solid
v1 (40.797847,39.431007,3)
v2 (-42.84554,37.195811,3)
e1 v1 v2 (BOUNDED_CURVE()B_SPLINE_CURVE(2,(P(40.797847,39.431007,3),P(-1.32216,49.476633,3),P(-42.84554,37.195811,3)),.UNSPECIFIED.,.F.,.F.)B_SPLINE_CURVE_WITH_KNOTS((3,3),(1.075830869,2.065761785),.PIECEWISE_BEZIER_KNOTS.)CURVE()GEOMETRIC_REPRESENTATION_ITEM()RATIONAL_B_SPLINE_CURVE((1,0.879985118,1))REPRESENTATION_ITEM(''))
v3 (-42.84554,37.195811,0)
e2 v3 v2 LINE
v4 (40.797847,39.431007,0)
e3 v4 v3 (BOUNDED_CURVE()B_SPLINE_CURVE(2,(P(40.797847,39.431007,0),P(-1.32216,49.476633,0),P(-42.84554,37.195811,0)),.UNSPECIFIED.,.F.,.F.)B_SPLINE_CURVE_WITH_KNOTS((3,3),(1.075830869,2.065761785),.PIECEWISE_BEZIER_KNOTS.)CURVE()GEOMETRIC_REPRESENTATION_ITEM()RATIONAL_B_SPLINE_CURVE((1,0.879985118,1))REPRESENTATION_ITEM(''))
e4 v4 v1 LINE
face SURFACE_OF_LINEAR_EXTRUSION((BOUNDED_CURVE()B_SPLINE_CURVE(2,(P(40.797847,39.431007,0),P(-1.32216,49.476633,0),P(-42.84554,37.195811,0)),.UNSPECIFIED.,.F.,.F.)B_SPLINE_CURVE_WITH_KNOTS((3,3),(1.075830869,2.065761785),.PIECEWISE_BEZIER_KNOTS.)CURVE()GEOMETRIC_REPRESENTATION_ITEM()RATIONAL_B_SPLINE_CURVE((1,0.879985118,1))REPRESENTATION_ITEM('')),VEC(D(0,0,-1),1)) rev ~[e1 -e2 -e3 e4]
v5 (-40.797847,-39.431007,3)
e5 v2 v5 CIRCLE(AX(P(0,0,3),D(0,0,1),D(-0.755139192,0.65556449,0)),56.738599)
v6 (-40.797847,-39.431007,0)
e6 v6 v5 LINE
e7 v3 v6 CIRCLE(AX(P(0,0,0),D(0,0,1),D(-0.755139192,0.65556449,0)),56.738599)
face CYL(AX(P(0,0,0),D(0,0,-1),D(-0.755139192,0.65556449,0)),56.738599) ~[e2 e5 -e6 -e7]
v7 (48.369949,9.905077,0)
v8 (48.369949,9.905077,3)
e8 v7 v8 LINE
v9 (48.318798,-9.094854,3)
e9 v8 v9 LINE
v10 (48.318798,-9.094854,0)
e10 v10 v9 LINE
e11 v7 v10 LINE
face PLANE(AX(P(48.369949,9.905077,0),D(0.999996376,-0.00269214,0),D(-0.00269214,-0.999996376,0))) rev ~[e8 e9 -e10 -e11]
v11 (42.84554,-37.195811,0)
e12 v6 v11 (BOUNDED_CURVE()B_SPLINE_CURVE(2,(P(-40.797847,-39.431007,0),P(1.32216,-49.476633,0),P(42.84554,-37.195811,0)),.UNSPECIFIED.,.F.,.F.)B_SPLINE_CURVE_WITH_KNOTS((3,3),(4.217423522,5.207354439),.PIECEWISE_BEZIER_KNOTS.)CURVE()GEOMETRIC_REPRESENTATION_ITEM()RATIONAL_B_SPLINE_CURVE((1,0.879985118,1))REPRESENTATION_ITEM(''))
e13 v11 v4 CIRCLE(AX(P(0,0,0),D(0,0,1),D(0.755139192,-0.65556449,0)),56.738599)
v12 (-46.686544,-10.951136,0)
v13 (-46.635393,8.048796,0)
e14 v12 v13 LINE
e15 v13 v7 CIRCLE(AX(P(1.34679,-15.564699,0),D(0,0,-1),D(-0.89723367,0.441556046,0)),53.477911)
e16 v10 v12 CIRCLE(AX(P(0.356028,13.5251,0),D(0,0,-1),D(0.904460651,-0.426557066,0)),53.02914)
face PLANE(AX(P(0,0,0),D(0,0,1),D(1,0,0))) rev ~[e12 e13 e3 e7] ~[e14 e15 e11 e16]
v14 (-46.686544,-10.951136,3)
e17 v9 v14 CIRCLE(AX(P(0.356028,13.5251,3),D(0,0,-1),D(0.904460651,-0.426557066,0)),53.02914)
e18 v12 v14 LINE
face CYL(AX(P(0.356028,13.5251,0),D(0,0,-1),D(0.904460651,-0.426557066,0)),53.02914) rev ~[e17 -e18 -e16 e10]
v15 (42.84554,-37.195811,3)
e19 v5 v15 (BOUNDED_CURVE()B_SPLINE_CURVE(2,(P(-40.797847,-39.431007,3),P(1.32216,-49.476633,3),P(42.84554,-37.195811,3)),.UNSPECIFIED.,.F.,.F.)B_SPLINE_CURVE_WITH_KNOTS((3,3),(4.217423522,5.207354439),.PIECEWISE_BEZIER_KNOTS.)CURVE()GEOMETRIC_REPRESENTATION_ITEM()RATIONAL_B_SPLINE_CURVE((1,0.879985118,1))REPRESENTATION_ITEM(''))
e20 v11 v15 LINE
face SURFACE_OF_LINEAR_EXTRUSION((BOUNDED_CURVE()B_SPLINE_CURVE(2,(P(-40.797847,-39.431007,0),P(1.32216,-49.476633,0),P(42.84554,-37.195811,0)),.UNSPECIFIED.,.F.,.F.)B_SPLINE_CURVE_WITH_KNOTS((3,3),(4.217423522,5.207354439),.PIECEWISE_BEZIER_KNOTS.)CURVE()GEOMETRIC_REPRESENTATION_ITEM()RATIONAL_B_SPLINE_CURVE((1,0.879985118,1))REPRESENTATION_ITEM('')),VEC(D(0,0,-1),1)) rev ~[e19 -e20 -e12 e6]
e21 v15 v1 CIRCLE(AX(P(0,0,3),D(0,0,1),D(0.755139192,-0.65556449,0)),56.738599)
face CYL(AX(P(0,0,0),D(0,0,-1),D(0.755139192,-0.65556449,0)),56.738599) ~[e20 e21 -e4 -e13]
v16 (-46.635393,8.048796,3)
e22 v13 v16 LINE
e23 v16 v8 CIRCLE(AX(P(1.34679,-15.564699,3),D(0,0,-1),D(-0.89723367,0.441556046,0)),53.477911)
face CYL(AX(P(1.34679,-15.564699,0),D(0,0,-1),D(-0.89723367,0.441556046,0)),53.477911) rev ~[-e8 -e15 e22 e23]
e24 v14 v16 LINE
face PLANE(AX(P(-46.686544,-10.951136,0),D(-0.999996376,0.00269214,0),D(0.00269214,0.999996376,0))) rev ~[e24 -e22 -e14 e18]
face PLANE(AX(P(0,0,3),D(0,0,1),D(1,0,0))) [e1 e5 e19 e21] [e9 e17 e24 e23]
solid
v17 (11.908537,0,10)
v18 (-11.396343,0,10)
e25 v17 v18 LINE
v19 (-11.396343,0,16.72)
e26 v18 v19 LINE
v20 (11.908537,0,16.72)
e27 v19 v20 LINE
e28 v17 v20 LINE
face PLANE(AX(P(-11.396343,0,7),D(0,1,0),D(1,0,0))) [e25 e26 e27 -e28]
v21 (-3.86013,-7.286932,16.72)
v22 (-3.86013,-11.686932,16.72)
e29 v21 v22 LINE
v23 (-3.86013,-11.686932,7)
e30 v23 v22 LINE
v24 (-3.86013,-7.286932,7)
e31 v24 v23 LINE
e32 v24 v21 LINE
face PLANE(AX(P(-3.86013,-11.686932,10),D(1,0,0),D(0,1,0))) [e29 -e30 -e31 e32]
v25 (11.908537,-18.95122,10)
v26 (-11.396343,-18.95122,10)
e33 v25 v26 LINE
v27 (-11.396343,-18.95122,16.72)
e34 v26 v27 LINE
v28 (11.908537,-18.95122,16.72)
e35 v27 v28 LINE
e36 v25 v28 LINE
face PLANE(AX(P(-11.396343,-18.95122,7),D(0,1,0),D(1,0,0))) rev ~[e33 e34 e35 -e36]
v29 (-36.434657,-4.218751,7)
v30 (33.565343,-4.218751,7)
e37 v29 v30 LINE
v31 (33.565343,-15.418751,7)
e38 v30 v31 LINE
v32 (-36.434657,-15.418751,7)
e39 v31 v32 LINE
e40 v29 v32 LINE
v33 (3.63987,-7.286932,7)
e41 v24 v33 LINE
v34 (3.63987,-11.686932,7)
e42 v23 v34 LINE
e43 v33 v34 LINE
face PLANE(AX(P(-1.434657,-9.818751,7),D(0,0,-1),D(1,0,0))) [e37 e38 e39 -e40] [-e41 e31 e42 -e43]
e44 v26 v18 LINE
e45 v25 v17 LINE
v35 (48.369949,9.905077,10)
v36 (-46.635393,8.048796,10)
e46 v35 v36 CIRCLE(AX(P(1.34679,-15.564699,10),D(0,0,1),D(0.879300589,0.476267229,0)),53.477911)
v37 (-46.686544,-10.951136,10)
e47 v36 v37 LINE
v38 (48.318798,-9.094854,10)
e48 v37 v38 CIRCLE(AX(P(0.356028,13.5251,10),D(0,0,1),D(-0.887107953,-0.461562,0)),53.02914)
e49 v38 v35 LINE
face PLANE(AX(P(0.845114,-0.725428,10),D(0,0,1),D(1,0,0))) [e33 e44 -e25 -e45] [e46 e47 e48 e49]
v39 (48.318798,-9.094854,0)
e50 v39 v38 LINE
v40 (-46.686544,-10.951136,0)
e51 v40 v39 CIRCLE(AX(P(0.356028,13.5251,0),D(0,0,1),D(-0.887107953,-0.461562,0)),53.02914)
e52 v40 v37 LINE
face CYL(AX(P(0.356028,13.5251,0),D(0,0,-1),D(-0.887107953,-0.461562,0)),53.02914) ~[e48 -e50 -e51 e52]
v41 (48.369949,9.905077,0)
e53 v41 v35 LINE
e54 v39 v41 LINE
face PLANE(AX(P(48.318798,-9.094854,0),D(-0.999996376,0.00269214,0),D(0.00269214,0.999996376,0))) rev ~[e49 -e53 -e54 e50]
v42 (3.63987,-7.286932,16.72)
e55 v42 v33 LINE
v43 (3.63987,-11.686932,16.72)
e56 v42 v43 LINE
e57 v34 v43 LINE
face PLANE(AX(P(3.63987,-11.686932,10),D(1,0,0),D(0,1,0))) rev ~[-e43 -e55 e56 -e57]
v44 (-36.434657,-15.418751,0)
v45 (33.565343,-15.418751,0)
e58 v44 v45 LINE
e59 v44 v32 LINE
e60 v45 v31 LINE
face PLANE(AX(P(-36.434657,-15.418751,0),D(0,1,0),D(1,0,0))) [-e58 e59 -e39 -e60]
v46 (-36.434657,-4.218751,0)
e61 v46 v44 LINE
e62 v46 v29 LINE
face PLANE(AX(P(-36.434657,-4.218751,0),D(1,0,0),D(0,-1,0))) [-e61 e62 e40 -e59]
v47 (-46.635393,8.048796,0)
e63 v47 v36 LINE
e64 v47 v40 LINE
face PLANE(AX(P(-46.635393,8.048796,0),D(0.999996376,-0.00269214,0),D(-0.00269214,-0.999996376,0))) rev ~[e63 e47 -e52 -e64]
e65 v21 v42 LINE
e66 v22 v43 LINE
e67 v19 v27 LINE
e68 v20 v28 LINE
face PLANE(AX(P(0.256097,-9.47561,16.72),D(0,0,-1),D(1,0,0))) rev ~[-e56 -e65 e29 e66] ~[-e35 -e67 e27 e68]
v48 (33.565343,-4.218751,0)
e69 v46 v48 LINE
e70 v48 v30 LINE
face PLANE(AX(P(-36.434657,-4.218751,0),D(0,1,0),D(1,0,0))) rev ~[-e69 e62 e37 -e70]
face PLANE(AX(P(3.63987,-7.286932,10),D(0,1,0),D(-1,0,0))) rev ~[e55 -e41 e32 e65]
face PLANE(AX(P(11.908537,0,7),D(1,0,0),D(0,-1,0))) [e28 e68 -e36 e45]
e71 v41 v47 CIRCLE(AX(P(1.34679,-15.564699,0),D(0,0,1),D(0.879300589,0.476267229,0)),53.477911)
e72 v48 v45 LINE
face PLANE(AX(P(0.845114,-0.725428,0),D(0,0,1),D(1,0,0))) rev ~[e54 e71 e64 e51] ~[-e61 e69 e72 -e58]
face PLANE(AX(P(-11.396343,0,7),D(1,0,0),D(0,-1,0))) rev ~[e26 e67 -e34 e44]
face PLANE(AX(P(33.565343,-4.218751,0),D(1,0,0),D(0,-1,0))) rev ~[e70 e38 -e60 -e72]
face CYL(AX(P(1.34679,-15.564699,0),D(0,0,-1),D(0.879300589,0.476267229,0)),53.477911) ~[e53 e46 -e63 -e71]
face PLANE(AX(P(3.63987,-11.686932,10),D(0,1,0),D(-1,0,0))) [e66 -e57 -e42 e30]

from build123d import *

# Parameters (mm, degrees)
F1_DEPTH = 10
F2_DEPTH = 3
F3_W     = 70
F3_H     = 11.2
F4_DEPTH = 7
F5_W     = 23.3048796654
F5_H     = 18.9512204379
F5_W_2   = 7.5
F5_H_2   = 4.4
F6_DEPTH = 9.72
F7_DEPTH = 25


with BuildPart() as f1:
    # F0 (on Top) → F1 (new body)
    with BuildSketch(Plane.XY):
        with BuildLine():
            ThreePointArc((48.3699485287, 9.9050772031), (0.3020996759, 37.90300692), (-46.6353931233, 8.0487956344))
            Line((-46.6353931233, 8.0487956344), (-46.686543786, -10.9511355131))
            ThreePointArc((-46.686543786, -10.9511355131), (1.3919508256, -39.4939200459), (48.318797866, -9.0948539444))
            Line((48.318797866, -9.0948539444), (48.3699485287, 9.9050772031))
        make_face()
    extrude(amount=F1_DEPTH)

    # F3 (on face) → F4 (cut)
    with BuildSketch(Plane(origin=(0, 0, 0), x_dir=(1, 0, 0), z_dir=(0, 0, -1))):
        with Locations((-1.4346569404, 9.8187506333)):
            Rectangle(F3_W, F3_H)
    extrude(amount=-F4_DEPTH, mode=Mode.SUBTRACT)

    # F5 (on face) → F6 (join)
    with BuildSketch(Plane(origin=(0, 0, 7), x_dir=(1, 0, 0), z_dir=(0, 0, -1))):
        with Locations((0.2560969442, 9.4756102189)):
            Rectangle(F5_W, F5_H)
        with Locations((-0.1101304754, 9.4869323194)):
            Rectangle(F5_W_2, F5_H_2, mode=Mode.SUBTRACT)
    extrude(amount=-F6_DEPTH)

    # F7 (cut): a face of the model
    f7_faces = [f1.faces().sort_by_distance(p)[0] for p in [
        (-0.1101304754, -9.4869323194, 10),
    ]]
    extrude(f7_faces, amount=-F7_DEPTH, mode=Mode.SUBTRACT)


with BuildPart() as f2:
    # F0 (on Top) → F2 (new body)
    with BuildSketch(Plane.XY):
        with BuildLine():
            ThreePointArc((-42.845539618, 37.1958105908), (-56.7183506808, -1.5156802814), (-40.7978468614, -39.4310066082))
            add(Edge.make_bspline(
                [(-40.7978468614, -39.4310066082), (1.3221603939, -49.4766328995), (42.845539618, -37.1958105908)],
                knots=[4.2174235222, 4.2174235222, 4.2174235222, 5.2073544386, 5.2073544386, 5.2073544386], degree=2, weights=[1, 0.8799851178, 1]))
            ThreePointArc((42.845539618, -37.1958105908), (56.7183506808, 1.5156802814), (40.7978468614, 39.4310066082))
            add(Edge.make_bspline(
                [(40.7978468614, 39.4310066082), (-1.3221603939, 49.4766328995), (-42.845539618, 37.1958105908)],
                knots=[1.0758308686, 1.0758308686, 1.0758308686, 2.065761785, 2.065761785, 2.065761785], degree=2, weights=[1, 0.8799851178, 1]))
        make_face()
        with BuildLine():
            Line((-46.686543786, -10.9511355131), (-46.6353931233, 8.0487956344))
            ThreePointArc((-46.6353931233, 8.0487956344), (0.3020996759, 37.90300692), (48.3699485287, 9.9050772031))
            Line((48.3699485287, 9.9050772031), (48.318797866, -9.0948539444))
            ThreePointArc((48.318797866, -9.0948539444), (1.3919508256, -39.4939200459), (-46.686543786, -10.9511355131))
        make_face(mode=Mode.SUBTRACT)
    extrude(amount=F2_DEPTH)


solid = Compound([f1.part, f2.part])
